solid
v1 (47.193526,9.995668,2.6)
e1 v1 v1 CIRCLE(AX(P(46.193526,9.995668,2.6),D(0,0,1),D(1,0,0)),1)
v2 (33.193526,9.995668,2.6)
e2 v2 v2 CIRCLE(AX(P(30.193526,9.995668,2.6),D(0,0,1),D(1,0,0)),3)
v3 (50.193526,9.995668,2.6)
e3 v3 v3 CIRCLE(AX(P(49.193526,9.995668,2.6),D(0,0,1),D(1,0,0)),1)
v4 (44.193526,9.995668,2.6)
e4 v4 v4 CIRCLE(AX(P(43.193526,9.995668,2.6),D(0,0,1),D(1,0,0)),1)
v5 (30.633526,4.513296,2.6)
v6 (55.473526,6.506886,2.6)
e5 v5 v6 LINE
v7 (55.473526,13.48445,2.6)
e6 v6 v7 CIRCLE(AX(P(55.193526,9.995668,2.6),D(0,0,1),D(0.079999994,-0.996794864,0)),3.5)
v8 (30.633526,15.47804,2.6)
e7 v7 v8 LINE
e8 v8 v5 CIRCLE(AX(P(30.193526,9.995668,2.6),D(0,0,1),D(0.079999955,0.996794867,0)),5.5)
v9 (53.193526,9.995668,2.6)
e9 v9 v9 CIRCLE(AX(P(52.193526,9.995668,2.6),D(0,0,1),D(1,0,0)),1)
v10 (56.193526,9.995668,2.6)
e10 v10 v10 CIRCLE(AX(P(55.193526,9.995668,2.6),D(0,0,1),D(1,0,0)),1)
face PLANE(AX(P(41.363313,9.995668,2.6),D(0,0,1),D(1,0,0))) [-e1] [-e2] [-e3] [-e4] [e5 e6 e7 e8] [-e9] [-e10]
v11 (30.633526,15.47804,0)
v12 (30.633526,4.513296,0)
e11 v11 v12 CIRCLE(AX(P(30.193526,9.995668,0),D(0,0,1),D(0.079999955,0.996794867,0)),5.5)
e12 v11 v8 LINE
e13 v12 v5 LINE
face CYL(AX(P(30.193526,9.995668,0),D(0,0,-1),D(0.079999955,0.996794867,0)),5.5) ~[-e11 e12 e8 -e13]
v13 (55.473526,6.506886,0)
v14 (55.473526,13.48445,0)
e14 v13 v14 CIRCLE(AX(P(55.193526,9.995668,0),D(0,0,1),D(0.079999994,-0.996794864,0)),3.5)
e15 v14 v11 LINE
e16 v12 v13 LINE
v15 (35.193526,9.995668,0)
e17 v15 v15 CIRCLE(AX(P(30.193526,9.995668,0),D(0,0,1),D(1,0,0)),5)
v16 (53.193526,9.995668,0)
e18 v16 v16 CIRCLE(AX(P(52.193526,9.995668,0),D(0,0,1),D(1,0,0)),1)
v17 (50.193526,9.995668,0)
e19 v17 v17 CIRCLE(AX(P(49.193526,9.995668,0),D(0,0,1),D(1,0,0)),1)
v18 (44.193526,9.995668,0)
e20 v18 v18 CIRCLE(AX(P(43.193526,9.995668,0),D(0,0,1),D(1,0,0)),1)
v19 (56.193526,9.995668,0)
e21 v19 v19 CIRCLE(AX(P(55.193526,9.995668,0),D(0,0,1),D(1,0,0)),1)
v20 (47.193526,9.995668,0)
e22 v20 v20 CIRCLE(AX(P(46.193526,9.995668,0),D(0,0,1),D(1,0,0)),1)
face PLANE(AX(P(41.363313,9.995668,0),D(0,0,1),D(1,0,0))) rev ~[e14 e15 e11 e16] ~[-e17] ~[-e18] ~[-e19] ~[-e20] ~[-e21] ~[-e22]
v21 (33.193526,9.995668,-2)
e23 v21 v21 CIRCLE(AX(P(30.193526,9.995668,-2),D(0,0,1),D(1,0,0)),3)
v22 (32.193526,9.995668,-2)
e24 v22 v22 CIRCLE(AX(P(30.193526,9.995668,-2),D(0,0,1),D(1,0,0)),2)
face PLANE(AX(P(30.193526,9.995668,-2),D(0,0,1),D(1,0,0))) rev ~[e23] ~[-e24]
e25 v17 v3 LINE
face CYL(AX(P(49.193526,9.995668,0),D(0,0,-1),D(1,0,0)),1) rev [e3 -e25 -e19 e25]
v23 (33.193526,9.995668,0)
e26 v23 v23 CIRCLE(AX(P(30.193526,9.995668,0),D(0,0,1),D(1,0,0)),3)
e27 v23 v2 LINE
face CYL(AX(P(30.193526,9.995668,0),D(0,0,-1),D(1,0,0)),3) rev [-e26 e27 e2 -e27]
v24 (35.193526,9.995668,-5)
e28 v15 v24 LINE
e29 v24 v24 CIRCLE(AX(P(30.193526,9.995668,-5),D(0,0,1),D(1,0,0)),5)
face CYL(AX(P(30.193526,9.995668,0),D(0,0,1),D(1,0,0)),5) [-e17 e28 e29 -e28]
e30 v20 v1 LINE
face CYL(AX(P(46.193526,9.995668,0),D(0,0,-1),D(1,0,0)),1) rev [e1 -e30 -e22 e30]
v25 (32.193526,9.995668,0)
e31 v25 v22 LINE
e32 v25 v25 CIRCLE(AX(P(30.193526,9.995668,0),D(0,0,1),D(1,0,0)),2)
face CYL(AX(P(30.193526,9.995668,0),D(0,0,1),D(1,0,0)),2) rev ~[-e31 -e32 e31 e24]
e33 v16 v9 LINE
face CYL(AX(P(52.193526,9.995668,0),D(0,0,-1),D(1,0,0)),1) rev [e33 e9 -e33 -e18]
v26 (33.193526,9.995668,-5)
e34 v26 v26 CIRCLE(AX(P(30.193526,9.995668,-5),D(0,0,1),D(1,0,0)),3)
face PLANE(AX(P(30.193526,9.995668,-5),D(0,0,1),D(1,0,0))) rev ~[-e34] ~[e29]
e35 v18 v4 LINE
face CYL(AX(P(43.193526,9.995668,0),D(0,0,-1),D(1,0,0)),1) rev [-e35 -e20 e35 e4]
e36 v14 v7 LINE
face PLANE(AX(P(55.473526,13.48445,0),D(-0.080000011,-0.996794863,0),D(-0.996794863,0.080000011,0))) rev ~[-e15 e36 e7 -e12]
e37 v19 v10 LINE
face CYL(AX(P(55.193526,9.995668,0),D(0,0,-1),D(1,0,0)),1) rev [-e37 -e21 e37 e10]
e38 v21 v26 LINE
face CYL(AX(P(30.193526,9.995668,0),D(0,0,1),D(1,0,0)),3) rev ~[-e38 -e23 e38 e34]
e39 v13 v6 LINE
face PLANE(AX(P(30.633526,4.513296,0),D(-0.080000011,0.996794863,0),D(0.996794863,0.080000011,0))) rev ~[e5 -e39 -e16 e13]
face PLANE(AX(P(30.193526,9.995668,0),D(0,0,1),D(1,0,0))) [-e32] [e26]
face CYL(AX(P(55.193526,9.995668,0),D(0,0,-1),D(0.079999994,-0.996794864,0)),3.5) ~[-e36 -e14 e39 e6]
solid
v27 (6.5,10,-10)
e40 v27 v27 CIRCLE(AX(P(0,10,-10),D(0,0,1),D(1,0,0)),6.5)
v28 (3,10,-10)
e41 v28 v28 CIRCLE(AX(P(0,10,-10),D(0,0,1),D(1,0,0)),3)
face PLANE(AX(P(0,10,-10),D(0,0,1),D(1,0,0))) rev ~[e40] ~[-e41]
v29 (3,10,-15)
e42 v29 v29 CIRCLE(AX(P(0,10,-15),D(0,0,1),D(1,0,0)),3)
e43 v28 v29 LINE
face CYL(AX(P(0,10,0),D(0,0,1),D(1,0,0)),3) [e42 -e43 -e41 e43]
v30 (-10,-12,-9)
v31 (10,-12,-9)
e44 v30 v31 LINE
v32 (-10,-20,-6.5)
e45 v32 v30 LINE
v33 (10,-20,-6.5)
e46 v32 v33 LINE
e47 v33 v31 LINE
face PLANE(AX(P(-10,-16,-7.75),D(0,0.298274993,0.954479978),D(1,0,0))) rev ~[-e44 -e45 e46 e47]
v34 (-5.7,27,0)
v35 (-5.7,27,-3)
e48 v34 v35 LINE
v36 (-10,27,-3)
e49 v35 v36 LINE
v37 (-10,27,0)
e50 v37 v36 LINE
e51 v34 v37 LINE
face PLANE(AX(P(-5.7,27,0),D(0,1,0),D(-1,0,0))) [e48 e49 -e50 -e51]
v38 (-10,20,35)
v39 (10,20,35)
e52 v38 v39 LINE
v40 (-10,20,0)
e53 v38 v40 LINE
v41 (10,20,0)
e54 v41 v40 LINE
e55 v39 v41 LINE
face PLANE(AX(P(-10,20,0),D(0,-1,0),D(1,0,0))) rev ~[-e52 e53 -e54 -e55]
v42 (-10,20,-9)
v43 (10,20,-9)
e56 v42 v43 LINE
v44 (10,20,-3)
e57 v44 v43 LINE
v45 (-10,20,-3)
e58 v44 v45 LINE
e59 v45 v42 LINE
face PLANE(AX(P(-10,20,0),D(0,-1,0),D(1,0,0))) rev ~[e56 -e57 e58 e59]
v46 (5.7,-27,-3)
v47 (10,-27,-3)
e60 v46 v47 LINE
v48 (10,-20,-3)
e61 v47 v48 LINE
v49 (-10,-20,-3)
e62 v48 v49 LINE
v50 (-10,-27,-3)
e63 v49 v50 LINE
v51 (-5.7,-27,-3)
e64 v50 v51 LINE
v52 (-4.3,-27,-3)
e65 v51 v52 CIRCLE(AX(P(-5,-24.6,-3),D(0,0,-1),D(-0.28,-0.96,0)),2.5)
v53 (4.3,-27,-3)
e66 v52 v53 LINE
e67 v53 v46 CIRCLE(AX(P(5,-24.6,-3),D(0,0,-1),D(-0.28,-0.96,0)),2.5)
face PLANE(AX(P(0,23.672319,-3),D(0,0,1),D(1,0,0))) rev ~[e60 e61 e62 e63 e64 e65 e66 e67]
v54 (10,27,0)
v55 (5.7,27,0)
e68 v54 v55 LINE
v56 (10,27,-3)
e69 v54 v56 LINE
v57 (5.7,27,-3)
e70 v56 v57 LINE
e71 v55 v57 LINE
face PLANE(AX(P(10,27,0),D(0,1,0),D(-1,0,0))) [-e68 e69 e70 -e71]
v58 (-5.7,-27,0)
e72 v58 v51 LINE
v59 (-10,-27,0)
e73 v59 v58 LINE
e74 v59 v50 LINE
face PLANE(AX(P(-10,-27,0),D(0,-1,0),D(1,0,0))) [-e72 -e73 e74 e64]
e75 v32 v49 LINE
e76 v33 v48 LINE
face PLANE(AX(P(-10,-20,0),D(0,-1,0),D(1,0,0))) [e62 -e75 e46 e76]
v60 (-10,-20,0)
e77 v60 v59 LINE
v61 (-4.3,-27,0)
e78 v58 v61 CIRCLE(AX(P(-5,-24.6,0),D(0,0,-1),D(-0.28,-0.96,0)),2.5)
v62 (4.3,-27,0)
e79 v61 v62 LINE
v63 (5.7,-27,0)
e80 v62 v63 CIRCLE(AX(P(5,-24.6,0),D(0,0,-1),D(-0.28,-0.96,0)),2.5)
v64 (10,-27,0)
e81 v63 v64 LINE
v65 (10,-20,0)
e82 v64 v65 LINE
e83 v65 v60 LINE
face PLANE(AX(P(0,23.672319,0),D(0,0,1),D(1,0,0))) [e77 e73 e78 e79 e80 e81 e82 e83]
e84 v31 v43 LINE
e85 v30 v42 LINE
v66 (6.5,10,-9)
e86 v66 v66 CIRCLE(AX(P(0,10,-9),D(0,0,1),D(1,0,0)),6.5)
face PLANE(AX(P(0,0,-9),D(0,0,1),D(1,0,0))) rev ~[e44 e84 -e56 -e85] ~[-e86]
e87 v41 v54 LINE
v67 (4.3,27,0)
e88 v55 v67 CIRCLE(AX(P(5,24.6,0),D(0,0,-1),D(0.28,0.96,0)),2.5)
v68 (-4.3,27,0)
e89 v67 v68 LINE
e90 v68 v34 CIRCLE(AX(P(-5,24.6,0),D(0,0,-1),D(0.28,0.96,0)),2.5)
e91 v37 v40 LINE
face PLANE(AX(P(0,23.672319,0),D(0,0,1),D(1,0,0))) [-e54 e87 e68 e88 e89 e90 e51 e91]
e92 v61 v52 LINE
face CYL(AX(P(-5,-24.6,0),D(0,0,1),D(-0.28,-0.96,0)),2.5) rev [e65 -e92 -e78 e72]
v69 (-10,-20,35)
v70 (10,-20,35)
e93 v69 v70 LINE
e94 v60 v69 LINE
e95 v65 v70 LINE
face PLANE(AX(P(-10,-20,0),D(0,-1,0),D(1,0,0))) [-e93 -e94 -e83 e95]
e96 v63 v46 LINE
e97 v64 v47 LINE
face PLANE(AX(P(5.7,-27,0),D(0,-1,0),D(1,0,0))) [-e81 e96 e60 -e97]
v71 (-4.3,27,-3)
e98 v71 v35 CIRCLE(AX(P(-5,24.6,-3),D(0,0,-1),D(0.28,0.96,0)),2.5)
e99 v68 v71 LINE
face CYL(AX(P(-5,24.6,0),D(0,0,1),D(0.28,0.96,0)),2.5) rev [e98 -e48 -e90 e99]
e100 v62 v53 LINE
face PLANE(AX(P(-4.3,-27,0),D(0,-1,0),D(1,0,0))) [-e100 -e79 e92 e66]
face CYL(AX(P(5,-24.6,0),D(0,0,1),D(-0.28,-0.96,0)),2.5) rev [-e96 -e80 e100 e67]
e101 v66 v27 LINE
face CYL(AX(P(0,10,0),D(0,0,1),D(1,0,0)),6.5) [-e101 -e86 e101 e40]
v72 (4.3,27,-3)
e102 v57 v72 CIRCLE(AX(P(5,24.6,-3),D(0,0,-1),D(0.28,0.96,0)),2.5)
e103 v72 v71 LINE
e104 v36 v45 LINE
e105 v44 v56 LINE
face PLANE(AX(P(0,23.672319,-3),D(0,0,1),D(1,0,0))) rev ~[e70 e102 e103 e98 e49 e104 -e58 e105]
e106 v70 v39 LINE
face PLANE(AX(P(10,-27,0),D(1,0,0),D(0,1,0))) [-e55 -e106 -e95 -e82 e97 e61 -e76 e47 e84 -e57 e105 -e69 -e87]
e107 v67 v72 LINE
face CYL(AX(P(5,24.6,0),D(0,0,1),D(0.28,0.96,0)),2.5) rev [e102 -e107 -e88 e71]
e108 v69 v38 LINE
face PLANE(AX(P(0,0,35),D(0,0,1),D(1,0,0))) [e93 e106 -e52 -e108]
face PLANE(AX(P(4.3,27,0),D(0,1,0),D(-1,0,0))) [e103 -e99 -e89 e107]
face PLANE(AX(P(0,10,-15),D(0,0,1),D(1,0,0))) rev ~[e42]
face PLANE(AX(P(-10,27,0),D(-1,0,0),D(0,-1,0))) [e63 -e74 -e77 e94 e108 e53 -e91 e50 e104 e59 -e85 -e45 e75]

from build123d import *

# Parameters (mm, degrees)
F0_W     = 20
F0_H     = 40
F0_R     = 6.5
F0_R_2   = 3
F1_DEPTH = 35
F2_DEPTH = 9
F3_DEPTH = 3
F4_SIZE2 = 8
F4_SIZE  = 2.5
F5_DEPTH = 10
F6_DEPTH = 15
F0_R_3   = 5
F0_R_4   = 1
F7_DEPTH = 2.6
F8_DEPTH = 5
F0_R_5   = 2
F9_DEPTH = 2


with BuildPart() as f1:
    # F0 (on Top) → F1 (new body)
    with BuildSketch(Plane.XY):
        Rectangle(F0_W, F0_H)
        with Locations((0, 10)):
            Circle(F0_R, mode=Mode.SUBTRACT)
        with Locations((0, 10)):
            Circle(F0_R)
        with Locations((0, 10)):
            Circle(F0_R_2, mode=Mode.SUBTRACT)
        with Locations((0, 10)):
            Circle(F0_R_2)
    extrude(amount=F1_DEPTH)

    # F0 (on Top) → F2 (join)
    with BuildSketch(Plane.XY):
        Rectangle(F0_W, F0_H)
        with Locations((0, 10)):
            Circle(F0_R, mode=Mode.SUBTRACT)
        with Locations((0, 10)):
            Circle(F0_R_2)
        with Locations((0, 10)):
            Circle(F0_R)
        with Locations((0, 10)):
            Circle(F0_R_2, mode=Mode.SUBTRACT)
    extrude(amount=-F2_DEPTH)

    # F0 (on Top) → F3 (join)
    with BuildSketch(Plane.XY):
        with BuildLine():
            Line((-10, 27), (-10, 20))
            Line((-10, 20), (10, 20))
            Line((10, 20), (10, 27))
            Line((10, 27), (5.7, 27))
            ThreePointArc((5.7, 27), (7, 26.1), (7.5, 24.6))
            ThreePointArc((7.5, 24.6), (3.5, 22.6), (4.3, 27))
            Line((4.3, 27), (-4.3, 27))
            ThreePointArc((-4.3, 27), (-3, 26.1), (-2.5, 24.6))
            ThreePointArc((-2.5, 24.6), (-6.5, 22.6), (-5.7, 27))
            Line((-5.7, 27), (-10, 27))
        make_face()
        with BuildLine():
            Line((10, -20), (-10, -20))
            Line((-10, -20), (-10, -27))
            Line((-10, -27), (-5.7, -27))
            ThreePointArc((-5.7, -27), (-6.5, -22.6), (-2.5, -24.6))
            ThreePointArc((-2.5, -24.6), (-3, -26.1), (-4.3, -27))
            Line((-4.3, -27), (4.3, -27))
            ThreePointArc((4.3, -27), (3.5, -22.6), (7.5, -24.6))
            ThreePointArc((7.5, -24.6), (7, -26.1), (5.7, -27))
            Line((5.7, -27), (10, -27))
            Line((10, -27), (10, -20))
        make_face()
        Rectangle(F0_W, F0_H)
        with Locations((0, 10)):
            Circle(F0_R, mode=Mode.SUBTRACT)
        with Locations((0, 10)):
            Circle(F0_R)
        with Locations((0, 10)):
            Circle(F0_R_2, mode=Mode.SUBTRACT)
        with Locations((0, 10)):
            Circle(F0_R_2)
    extrude(amount=-F3_DEPTH)

    # F4
    f4_edges = [f1.edges().sort_by_distance(p)[0] for p in [
        (0, -20, -9),
    ]]
    chamfer(f4_edges, length=F4_SIZE, length2=F4_SIZE2)

    # F0 (on Top) → F5 (join)
    with BuildSketch(Plane.XY):
        with Locations((0, 10)):
            Circle(F0_R)
        with Locations((0, 10)):
            Circle(F0_R_2, mode=Mode.SUBTRACT)
    extrude(amount=-F5_DEPTH)

    # F0 (on Top) → F6 (join)
    with BuildSketch(Plane.XY):
        with Locations((0, 10)):
            Circle(F0_R_2)
    extrude(amount=-F6_DEPTH)


with BuildPart() as f7:
    # F0 (on Top) → F7 (new body)
    with BuildSketch(Plane.XY):
        with BuildLine():
            Line((55.473526, 13.48445), (30.633526, 15.47804))
            ThreePointArc((30.633526, 15.47804), (24.693526, 9.995668), (30.633526, 4.513296))
            Line((30.633526, 4.513296), (55.473526, 6.506886))
            ThreePointArc((55.473526, 6.506886), (58.693526, 9.995668), (55.473526, 13.48445))
        make_face()
        with Locations((30.193526, 9.995668)):
            Circle(F0_R_3, mode=Mode.SUBTRACT)
        with Locations((43.193526, 9.995668)):
            Circle(F0_R_4, mode=Mode.SUBTRACT)
        with Locations((46.193526, 9.995668)):
            Circle(F0_R_4, mode=Mode.SUBTRACT)
        with Locations((49.193526, 9.995668)):
            Circle(F0_R_4, mode=Mode.SUBTRACT)
        with Locations((52.193526, 9.995668)):
            Circle(F0_R_4, mode=Mode.SUBTRACT)
        with Locations((55.193526, 9.995668)):
            Circle(F0_R_4, mode=Mode.SUBTRACT)
        with Locations((30.193526, 9.995668)):
            Circle(F0_R_3)
        with Locations((30.193526, 9.995668)):
            Circle(F0_R_2, mode=Mode.SUBTRACT)
    extrude(amount=F7_DEPTH)

    # F0 (on Top) → F8 (join)
    with BuildSketch(Plane.XY):
        with Locations((30.193526, 9.995668)):
            Circle(F0_R_3)
        with Locations((30.193526, 9.995668)):
            Circle(F0_R_2, mode=Mode.SUBTRACT)
    extrude(amount=-F8_DEPTH)

    # F0 (on Top) → F9 (join)
    with BuildSketch(Plane.XY):
        with Locations((30.193526, 9.995668)):
            Circle(F0_R_2)
        with Locations((30.193526, 9.995668)):
            Circle(F0_R_5, mode=Mode.SUBTRACT)
    extrude(amount=-F9_DEPTH)


solid = Compound([f1.part, f7.part])
